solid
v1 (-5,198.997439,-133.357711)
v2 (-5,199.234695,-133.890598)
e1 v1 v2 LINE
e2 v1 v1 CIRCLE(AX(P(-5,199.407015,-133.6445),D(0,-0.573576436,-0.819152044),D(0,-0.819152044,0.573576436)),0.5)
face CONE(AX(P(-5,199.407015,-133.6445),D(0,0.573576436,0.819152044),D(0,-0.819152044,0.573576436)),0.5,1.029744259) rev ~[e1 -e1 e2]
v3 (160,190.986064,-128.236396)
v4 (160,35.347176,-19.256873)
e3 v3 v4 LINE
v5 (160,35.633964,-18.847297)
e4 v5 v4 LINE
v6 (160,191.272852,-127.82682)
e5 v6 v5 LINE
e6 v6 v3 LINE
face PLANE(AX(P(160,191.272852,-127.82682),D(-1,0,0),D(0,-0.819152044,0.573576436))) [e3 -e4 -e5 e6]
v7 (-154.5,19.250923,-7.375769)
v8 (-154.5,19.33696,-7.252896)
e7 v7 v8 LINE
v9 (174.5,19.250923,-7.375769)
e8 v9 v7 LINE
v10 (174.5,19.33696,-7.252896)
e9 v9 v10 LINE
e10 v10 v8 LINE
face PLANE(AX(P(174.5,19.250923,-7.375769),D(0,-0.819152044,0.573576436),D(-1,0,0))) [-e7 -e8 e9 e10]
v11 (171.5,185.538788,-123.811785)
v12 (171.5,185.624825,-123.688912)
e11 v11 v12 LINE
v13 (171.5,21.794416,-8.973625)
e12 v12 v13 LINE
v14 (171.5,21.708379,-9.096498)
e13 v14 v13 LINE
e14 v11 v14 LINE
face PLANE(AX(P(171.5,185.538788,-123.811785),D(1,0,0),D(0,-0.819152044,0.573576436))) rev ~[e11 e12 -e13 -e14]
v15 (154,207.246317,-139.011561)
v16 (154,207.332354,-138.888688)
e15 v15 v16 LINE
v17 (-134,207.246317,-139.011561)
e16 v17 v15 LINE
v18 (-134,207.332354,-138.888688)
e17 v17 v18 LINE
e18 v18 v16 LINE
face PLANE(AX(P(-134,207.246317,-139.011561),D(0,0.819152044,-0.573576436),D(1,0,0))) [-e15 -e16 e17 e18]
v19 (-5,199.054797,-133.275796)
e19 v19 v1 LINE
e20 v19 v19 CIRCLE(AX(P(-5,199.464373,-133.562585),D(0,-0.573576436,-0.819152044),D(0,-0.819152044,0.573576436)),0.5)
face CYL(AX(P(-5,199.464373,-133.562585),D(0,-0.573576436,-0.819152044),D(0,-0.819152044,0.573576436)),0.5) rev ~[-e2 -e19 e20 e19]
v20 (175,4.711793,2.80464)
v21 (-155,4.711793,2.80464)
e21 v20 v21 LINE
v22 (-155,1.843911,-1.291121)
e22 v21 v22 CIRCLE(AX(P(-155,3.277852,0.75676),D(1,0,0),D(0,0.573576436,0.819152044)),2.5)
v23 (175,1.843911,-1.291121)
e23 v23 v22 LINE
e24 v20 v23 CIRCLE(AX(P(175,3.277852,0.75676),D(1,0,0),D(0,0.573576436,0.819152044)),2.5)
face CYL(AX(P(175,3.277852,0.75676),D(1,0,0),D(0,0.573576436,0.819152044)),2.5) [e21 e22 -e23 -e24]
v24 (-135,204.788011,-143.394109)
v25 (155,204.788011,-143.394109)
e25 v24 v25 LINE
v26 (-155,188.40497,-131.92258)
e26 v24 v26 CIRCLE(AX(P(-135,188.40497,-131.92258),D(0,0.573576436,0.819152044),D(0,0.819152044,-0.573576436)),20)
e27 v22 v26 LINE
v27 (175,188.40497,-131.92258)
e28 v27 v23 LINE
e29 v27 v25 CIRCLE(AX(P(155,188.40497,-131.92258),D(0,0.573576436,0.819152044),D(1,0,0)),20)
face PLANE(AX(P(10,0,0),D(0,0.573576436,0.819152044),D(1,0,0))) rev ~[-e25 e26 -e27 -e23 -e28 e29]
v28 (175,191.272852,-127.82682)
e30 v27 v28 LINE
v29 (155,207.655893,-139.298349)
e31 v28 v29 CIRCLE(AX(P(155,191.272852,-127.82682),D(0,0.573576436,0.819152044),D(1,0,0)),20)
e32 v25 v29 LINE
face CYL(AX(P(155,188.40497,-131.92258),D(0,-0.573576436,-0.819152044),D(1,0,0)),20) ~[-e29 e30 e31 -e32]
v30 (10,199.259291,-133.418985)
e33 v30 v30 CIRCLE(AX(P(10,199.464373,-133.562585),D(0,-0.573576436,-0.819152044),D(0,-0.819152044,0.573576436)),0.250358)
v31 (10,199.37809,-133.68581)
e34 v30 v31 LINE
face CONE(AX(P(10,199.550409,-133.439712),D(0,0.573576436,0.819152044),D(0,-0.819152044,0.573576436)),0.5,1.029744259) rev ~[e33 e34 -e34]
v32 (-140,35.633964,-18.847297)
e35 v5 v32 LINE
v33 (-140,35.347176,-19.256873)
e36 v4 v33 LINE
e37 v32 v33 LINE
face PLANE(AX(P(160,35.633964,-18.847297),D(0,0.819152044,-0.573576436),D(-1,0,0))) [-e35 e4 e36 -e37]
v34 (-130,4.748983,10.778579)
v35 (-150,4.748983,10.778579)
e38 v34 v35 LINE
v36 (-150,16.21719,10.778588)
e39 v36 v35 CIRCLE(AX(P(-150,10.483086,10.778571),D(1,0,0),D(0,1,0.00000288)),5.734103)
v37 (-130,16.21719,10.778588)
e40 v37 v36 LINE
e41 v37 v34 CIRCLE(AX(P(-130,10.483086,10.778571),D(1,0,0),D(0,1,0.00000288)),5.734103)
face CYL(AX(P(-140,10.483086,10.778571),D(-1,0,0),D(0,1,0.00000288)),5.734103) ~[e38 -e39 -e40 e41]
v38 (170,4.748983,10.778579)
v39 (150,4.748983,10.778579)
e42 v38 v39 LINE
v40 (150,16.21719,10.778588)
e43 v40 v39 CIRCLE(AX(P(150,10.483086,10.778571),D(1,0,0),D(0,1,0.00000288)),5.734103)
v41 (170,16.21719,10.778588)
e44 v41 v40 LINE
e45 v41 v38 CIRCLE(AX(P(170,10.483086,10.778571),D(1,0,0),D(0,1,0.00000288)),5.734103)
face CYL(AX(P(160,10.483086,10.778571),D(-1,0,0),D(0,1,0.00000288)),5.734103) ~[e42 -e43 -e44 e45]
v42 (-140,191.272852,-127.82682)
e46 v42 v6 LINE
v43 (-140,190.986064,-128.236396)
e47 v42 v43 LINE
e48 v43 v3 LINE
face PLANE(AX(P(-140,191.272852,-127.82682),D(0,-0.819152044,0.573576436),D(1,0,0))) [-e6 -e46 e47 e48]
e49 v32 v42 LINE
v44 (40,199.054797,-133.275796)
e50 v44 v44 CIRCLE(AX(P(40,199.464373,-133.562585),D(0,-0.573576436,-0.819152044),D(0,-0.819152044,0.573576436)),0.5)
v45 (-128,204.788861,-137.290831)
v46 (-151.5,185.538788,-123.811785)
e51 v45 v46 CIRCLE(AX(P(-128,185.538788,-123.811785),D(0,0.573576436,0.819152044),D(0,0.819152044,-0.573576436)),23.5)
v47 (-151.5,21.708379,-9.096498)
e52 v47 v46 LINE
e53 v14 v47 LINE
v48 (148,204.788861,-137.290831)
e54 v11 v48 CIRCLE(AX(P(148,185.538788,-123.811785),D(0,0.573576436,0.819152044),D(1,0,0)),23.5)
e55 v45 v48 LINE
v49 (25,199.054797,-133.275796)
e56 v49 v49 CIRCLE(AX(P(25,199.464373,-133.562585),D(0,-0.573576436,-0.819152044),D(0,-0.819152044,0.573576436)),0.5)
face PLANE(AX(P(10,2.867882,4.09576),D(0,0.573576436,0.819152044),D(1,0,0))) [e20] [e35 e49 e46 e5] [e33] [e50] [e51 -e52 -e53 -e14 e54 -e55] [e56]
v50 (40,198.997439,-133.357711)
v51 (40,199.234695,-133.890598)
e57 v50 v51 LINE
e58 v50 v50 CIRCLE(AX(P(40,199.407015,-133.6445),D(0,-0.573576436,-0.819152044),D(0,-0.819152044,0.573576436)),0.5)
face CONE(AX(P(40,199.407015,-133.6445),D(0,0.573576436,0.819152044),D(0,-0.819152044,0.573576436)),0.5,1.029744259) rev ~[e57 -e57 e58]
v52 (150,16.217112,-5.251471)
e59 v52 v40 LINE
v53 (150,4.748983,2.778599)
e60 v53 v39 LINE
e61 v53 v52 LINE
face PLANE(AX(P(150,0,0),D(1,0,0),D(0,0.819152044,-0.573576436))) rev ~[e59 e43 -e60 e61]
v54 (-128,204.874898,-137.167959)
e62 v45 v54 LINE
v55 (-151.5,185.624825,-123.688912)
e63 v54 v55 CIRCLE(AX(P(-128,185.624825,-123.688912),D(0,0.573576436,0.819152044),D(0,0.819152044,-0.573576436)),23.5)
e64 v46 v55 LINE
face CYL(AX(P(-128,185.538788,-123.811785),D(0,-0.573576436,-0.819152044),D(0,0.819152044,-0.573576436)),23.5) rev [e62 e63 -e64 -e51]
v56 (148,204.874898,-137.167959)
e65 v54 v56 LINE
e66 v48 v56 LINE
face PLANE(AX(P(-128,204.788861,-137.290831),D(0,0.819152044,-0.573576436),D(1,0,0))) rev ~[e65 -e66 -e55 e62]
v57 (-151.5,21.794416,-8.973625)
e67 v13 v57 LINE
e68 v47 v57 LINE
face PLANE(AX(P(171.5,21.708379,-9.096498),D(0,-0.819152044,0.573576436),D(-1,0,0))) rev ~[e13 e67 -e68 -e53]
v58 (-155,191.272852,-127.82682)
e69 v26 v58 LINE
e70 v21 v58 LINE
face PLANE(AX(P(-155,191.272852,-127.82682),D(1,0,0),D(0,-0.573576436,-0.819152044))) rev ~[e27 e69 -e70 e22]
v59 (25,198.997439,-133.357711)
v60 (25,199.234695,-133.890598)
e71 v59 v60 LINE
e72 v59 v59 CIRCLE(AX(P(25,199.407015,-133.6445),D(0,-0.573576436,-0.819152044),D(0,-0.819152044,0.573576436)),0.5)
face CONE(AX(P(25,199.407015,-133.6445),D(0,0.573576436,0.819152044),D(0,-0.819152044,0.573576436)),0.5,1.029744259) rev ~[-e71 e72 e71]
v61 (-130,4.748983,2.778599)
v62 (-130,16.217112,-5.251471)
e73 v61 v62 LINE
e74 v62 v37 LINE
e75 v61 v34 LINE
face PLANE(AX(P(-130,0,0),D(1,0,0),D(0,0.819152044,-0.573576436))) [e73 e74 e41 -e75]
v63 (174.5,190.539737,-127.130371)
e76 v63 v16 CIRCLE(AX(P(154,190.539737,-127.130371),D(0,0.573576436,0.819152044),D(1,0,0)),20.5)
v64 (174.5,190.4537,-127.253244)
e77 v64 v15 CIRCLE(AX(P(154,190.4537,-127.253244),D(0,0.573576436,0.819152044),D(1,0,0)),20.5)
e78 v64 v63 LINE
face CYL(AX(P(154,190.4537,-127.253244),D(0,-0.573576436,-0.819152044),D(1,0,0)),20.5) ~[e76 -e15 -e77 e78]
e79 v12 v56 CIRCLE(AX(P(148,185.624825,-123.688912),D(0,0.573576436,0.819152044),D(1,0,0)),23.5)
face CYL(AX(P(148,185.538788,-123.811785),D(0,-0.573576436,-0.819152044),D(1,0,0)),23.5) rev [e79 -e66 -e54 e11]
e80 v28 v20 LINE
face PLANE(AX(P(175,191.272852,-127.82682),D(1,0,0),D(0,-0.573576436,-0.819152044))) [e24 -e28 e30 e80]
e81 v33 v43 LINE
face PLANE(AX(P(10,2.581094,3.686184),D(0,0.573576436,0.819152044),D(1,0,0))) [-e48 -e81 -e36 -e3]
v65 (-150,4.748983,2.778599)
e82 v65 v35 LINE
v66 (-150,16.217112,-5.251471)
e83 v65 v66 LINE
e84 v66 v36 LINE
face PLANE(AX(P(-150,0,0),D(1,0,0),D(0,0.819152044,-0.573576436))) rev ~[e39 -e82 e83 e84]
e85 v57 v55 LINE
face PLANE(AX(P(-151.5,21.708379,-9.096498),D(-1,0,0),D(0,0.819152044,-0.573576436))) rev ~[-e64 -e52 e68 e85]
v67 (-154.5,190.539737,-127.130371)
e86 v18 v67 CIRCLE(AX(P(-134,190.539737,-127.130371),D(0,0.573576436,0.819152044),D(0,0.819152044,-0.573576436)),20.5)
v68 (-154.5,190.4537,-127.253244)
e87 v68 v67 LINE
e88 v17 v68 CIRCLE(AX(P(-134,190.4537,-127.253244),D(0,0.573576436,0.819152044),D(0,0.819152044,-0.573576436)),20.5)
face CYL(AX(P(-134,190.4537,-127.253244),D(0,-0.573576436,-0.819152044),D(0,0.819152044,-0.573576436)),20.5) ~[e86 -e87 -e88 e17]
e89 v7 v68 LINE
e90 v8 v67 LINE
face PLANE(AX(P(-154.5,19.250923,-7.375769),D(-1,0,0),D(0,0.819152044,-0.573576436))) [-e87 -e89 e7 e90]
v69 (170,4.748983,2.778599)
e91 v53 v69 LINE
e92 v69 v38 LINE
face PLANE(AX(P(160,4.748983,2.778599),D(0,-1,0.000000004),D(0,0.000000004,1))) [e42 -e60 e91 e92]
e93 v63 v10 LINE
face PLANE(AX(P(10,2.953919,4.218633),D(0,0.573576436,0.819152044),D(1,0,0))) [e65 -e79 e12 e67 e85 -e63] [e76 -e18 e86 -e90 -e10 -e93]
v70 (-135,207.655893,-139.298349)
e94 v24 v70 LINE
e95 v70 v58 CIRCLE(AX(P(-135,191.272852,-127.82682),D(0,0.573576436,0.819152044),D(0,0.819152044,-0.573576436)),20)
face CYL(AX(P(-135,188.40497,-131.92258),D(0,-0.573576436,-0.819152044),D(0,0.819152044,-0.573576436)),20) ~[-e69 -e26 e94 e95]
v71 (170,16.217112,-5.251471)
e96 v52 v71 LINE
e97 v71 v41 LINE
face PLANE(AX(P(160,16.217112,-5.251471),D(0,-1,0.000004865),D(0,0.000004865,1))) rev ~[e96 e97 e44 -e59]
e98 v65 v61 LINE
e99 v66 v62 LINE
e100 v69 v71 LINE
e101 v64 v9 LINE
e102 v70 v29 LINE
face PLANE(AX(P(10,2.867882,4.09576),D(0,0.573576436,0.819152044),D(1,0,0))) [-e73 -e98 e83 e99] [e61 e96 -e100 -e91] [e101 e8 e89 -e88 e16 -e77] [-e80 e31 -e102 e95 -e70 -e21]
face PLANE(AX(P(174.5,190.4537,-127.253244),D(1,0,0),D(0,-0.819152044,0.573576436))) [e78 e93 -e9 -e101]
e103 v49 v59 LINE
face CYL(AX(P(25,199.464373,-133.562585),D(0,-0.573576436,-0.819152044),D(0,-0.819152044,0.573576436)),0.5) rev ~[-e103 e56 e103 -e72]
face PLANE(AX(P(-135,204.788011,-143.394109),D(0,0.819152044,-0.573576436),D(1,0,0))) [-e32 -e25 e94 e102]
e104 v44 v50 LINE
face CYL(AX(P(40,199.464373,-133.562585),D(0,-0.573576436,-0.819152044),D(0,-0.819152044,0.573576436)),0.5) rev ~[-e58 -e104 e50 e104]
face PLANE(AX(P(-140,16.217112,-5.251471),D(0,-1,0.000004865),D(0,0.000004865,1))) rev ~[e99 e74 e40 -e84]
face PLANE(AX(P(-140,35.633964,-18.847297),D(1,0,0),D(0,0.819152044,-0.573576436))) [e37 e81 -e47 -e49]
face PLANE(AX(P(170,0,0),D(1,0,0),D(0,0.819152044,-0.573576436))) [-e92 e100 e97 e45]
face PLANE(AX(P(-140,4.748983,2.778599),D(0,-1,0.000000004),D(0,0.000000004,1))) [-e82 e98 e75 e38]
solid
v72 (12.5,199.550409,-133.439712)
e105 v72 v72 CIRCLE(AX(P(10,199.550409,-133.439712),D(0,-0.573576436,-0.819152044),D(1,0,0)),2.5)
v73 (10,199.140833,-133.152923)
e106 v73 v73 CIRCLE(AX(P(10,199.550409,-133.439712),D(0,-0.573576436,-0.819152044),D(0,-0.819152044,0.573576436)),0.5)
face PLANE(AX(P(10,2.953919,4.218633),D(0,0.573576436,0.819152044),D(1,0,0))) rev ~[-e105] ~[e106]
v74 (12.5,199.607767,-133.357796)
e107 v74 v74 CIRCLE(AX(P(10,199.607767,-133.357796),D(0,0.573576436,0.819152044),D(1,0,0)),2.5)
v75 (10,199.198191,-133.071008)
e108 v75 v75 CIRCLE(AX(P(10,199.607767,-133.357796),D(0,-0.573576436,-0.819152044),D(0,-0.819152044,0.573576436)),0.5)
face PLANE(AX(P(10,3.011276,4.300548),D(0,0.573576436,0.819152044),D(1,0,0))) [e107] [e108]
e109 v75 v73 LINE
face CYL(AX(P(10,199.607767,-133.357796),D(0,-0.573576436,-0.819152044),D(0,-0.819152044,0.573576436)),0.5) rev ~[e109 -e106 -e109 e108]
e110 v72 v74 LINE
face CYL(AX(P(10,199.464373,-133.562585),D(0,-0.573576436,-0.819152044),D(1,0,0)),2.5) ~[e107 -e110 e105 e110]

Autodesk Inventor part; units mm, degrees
ref_plane "XZ Plane" through (0, 0, 0) normal (0, 1, 0) x (-1, 0, 0)
ref_plane "XY Plane" through (0, 0, 0) normal (0, 0, 1) x (1, 0, 0)
sketch "Sketch1" plane through (0, 0, 0) normal (0, 0, 1) x (1, 0, 0)
  line L0 (-145, 250) -> (145, 250)
  line L1 (165, 230) -> (165, 0)
  line L2 (165, 0) -> (-165, 0)
  line L3 (-165, 0) -> (-165, 230)
  arc A0 (-145, 250) -> (-165, 230) centre (-145, 230) ccw
  arc A1 (165, 230) -> (145, 250) centre (145, 230) ccw
  point P0 (0, 0)
  point P1 (165, 250)
  dimension "d2" = 330
  dimension "d3" = 250
  dimension "d4" = 20
extrude "MONITOR" add sketch "Sketch1" along normal blind 5
sketch "Sketch2" plane through (0, 0, 5) normal (0, 0, 1) x (1, 0, 0)
  line L0 (150, 40) -> (-150, 40)
  line L1 (-150, 40) -> (-150, 230)
  line L2 (-150, 230) -> (150, 230)
  line L3 (150, 230) -> (150, 40)
  dimension "d9" = 300
  dimension "d10" = 190
extrude "SCREEN" cut sketch "Sketch2" against normal blind 0.5
sketch "Sketch3" plane through (0, 0, 5) normal (0, 0, 1) x (1, 0, 0)
  circle A0 centre (0, 240) radius 2.5
  point P0 (0, 0)
sketch "Sketch4" plane through (0, 240, 5.25) normal (0, 0, 1) x (1, 0, 0)
  point P0 (0, -240)
  point P1 (0, 0)
extrude "CAMERA" add sketch "Sketch3" along normal blind 0.25
extrude "CAMERA" add sketch "Sketch3" along normal blind 0.25
hole "CAMERA " at (0, 240, 5.25) direction (0, 0, -1) diameter 1 depth 0.1 tip angle 118
sketch "Sketch5" plane through (0, 0, 5) normal (0, 0, 1) x (1, 0, 0)
  point P0 (0, 0)
  point P1 (15, 240)
  point P2 (30, 240)
  point P3 (-15, 240)
hole "AESTHETICS" at (15, 240, 5) at (30, 240, 5) at (-15, 240, 5) direction (0, 0, -1) diameter 1 depth 0.1 tip angle 118
sketch "Sketch6" plane through (0, 0, 5) normal (0, 0, 1) x (1, 0, 0)
  line L0 (164.5, 20) -> (-164.5, 20)
  line L1 (-164.5, 20) -> (-164.5, 229)
  line L2 (-144, 249.5) -> (144, 249.5)
  line L3 (164.5, 229) -> (164.5, 20)
  arc A0 (-144, 249.5) -> (-164.5, 229) centre (-144, 229) ccw
  arc A1 (164.5, 229) -> (144, 249.5) centre (144, 229) ccw
  point P0 (-164.5, 249.5)
  point P1 (164.5, 249.5)
  dimension "d36" = 229.5
  dimension "d37" = 20.5
  dimension "d38" = 329
extrude "SIDE BAND" add sketch "Sketch6" along normal blind 0.15
sketch "Sketch7" plane through (0, 0, 5) normal (0, 0, 1) x (1, 0, 0)
  line L0 (161.5, 23) -> (-161.5, 23)
  line L1 (-161.5, 23) -> (-161.5, 223)
  line L2 (-138, 246.5) -> (138, 246.5)
  line L3 (161.5, 223) -> (161.5, 23)
  arc A0 (-138, 246.5) -> (-161.5, 223) centre (-138, 223) ccw
  arc A1 (161.5, 223) -> (138, 246.5) centre (138, 223) ccw
  point P0 (-161.5, 246.5)
  point P1 (161.5, 246.5)
  dimension "d47" = 323
  dimension "d48" = 223.5
  dimension "d49" = 23.5
extrude "SIDE BAND 1" cut sketch "Sketch7" along normal blind 0.15
sketch "Sketch8" plane through (165, 0, 0) normal (1, 0, 0) x (0, 0, -1)
  line L0 (0, 0) -> (-5, 0)
  line L1 (-5, 0) -> (-5, 2.251)
  line L2 (-5, 2.251) -> (0, 2.251)
  line L3 (0, 2.251) -> (0, 0)
extrude "CUT" cut sketch "Sketch8" against normal blind 330
sketch "Sketch9" plane through (165, 230, 5) normal (1, 0, 0) x (0, 0, -1)
  arc A0 (0, -227.749) -> (5, -227.749) centre (2.5, -227.749) ccw
  line L0 (0, -227.749) -> (5, -227.749)
extrude "ROUND BASE" add sketch "Sketch9" against normal blind 330
ref_plane "Work Plane1" through (150, 0, 0) normal (1, 0, 0) x (0, 1, 0)
sketch "Sketch10" plane through (150, 0, 0) normal (1, 0, 0) x (0, 1, 0)
  line L0 (2.2964, 5) -> (-2.2922, 11.5532)
  line L1 (2.2964, 5) -> (10.2964, 5) construction
  line L2 (2.2964, 5) -> (16.2964, 5)
  line L3 (16.2964, 5) -> (7.102, 18.1311)
  arc A0 (7.102, 18.1311) -> (-2.2922, 11.5532) centre (2.4049, 14.8421) ccw
  dimension "d58" = 8
  dimension "d60" = 14
  dimension "d62" = 16.0301
  dimension "d63" = 5.7341
extrude "HINGE" add sketch "Sketch10" along normal mid plane 20
pattern_linear "HINGE 1" count 2 spacing 300 along (-1, 0, 0) of "HINGE"
move or copy body "Move Body1" bodies to move or copy 1 copy no rotation origin (0, 0, 0) rotation axis (1, 0, 0) rotation angle -35
move or copy body "Move Body2" bodies to move or copy 1 copy no translate (10, 0, 0)
properties part number "MONITOR"
